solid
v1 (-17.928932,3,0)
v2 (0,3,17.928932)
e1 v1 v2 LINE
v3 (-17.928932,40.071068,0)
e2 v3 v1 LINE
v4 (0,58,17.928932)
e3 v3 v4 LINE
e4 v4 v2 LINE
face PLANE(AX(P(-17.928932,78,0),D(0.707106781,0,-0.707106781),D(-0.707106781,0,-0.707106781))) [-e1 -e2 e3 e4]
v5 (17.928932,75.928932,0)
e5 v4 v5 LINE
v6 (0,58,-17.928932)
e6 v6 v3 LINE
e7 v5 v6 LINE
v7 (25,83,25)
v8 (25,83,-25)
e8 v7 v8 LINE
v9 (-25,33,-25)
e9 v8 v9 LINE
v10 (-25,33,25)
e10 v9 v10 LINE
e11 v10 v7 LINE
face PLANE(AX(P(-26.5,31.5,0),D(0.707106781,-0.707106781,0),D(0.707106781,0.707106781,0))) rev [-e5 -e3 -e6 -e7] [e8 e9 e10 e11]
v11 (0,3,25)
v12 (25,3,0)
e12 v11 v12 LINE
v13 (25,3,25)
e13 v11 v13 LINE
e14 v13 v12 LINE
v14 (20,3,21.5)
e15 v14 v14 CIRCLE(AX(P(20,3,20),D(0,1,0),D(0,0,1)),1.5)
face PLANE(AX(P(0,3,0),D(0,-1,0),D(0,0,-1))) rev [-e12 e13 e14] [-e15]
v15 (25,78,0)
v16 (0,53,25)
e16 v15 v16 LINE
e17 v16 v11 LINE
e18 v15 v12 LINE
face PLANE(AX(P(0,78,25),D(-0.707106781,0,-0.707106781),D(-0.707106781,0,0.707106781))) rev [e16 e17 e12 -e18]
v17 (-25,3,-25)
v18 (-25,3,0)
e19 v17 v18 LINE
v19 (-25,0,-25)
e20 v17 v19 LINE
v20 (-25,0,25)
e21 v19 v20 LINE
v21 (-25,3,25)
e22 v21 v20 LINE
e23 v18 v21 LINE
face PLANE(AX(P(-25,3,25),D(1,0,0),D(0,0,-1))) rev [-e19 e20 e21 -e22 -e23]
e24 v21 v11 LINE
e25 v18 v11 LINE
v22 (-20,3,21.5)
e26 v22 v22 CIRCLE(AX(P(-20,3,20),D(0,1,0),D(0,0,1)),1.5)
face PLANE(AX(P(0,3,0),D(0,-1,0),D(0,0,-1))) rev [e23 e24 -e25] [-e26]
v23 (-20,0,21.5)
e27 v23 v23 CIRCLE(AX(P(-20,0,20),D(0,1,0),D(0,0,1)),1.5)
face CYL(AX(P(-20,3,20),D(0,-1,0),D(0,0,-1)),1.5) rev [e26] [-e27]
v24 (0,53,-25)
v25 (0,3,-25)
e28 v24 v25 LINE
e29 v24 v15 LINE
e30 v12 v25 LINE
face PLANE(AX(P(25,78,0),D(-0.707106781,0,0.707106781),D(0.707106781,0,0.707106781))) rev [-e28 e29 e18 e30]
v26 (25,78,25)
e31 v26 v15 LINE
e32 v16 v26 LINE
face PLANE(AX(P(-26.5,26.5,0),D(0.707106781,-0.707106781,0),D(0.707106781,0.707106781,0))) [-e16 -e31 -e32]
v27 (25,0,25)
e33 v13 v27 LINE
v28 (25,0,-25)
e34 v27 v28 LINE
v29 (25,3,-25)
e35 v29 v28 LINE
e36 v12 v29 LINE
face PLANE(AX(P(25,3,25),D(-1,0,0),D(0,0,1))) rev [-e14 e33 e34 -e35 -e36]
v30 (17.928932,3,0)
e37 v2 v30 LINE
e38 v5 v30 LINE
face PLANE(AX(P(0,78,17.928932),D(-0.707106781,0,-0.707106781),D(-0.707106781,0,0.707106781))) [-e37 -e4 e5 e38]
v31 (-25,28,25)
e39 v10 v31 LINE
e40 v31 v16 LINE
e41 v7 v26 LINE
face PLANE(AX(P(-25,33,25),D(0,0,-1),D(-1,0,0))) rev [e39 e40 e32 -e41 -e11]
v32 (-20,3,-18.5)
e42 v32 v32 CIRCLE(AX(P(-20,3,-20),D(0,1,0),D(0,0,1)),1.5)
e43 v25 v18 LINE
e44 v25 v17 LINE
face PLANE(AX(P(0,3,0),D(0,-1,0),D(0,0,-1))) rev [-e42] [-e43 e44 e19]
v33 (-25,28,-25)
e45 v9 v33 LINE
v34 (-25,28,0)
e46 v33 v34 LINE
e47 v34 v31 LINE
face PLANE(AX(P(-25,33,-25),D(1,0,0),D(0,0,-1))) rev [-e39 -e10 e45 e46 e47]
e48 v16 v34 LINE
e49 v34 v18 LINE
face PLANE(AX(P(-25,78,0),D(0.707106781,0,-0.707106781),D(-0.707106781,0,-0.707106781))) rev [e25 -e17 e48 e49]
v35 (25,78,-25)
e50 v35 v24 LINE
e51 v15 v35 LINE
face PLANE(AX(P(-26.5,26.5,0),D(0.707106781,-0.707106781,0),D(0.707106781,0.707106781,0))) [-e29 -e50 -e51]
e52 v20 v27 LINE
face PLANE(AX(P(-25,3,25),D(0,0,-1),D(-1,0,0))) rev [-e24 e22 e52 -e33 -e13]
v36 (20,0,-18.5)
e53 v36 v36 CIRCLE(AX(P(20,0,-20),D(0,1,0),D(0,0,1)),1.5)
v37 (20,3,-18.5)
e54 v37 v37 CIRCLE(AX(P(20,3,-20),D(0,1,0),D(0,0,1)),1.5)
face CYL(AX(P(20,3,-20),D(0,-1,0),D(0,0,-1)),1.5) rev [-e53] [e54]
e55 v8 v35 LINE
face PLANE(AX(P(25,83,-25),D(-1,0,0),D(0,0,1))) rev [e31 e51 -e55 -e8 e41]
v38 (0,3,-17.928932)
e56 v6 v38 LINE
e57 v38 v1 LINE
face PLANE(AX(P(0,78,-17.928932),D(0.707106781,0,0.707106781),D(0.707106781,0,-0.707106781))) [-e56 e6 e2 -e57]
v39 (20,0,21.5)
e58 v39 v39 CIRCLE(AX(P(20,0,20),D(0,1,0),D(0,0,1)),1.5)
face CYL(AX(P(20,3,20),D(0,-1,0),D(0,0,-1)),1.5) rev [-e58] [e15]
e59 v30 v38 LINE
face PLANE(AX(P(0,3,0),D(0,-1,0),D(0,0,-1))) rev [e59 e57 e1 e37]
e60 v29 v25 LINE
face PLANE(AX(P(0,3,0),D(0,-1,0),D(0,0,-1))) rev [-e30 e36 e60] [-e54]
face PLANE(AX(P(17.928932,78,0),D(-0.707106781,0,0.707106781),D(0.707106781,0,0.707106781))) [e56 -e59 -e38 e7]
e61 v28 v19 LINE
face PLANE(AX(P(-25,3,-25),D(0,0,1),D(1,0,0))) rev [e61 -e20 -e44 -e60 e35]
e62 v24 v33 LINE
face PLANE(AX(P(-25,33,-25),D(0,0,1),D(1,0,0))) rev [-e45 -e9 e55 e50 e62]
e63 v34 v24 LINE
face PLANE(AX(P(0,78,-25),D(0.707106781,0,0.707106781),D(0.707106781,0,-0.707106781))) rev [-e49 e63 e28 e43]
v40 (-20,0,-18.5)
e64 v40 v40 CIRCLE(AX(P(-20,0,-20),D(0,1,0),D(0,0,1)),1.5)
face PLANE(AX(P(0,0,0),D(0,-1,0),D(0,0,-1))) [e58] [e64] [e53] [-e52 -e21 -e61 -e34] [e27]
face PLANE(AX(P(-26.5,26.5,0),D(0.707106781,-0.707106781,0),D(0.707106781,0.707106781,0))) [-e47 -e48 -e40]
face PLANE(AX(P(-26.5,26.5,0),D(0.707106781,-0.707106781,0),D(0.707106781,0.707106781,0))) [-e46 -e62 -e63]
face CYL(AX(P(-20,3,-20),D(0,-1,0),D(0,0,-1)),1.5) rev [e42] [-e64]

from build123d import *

# Parameters (mm, degrees)
SKETCH1_W           = 50
SKETCH1_H           = 50
SKETCH1_R           = 1.5
BOSS_EXTRUDE1_DEPTH = 3
BOSS_EXTRUDE2_DEPTH = 75
CUT_EXTRUDE1_DEPTH  = 96.963534741
SKETCH4_W           = 50
SKETCH4_H           = 70.710678118
BOSS_EXTRUDE3_DEPTH = 5


with BuildPart() as part:
    # Sketch1 → Boss-Extrude1 (new body)
    with BuildSketch(Plane(origin=(0, 0, 0), x_dir=(1, 0, 0), z_dir=(0, 1, 0))):
        Rectangle(SKETCH1_W, SKETCH1_H)
        with Locations(Location((-20, -20, 0), (0, 0, 270))):
            Circle(SKETCH1_R, mode=Mode.SUBTRACT)
        with Locations(Location((-20, 20, 0), (0, 0, 270))):
            Circle(SKETCH1_R, mode=Mode.SUBTRACT)
        with Locations(Location((20, 20, 0), (0, 0, 270))):
            Circle(SKETCH1_R, mode=Mode.SUBTRACT)
        with Locations(Location((20, -20, 0), (0, 0, 270))):
            Circle(SKETCH1_R, mode=Mode.SUBTRACT)
    extrude(amount=BOSS_EXTRUDE1_DEPTH)

    # Sketch2 → Boss-Extrude2 (add)
    with BuildSketch(Plane(origin=(0, 3, 0), x_dir=(1, 0, 0), z_dir=(0, 1, 0))):
        Polygon((0, 25), (-25, 0), (0, -25), (25, 0), align=None)
        Polygon((0, 17.928932188), (-17.928932188, 0), (0, -17.928932188), (17.928932188, 0), align=None, mode=Mode.SUBTRACT)
    extrude(amount=BOSS_EXTRUDE2_DEPTH)

    # Sketch3 → Cut-Extrude1 (cut, through all)
    with BuildSketch(Plane.XY.offset(25)):
        Polygon((25, 78), (-25, 78), (-25, 28), align=None)
    extrude(amount=-CUT_EXTRUDE1_DEPTH, mode=Mode.SUBTRACT)

    # Sketch4 → Boss-Extrude3 (add, along a direction that is not the sketch's normal)
    with BuildSketch(Plane(origin=(-26.5, 26.5, 0), x_dir=(0, 0, 1), z_dir=(-0.7071067811865438, 0.7071067811865513, 0))):
        with Locations((0, 37.476659403)):
            Rectangle(SKETCH4_W, SKETCH4_H)
        Polygon((-17.928932188, 37.476659403), (0, 62.831998462), (17.928932188, 37.476659403), (0, 12.121320344), align=None, mode=Mode.SUBTRACT)
    extrude(amount=BOSS_EXTRUDE3_DEPTH, dir=(0, 1, 0))


solid = part.part
